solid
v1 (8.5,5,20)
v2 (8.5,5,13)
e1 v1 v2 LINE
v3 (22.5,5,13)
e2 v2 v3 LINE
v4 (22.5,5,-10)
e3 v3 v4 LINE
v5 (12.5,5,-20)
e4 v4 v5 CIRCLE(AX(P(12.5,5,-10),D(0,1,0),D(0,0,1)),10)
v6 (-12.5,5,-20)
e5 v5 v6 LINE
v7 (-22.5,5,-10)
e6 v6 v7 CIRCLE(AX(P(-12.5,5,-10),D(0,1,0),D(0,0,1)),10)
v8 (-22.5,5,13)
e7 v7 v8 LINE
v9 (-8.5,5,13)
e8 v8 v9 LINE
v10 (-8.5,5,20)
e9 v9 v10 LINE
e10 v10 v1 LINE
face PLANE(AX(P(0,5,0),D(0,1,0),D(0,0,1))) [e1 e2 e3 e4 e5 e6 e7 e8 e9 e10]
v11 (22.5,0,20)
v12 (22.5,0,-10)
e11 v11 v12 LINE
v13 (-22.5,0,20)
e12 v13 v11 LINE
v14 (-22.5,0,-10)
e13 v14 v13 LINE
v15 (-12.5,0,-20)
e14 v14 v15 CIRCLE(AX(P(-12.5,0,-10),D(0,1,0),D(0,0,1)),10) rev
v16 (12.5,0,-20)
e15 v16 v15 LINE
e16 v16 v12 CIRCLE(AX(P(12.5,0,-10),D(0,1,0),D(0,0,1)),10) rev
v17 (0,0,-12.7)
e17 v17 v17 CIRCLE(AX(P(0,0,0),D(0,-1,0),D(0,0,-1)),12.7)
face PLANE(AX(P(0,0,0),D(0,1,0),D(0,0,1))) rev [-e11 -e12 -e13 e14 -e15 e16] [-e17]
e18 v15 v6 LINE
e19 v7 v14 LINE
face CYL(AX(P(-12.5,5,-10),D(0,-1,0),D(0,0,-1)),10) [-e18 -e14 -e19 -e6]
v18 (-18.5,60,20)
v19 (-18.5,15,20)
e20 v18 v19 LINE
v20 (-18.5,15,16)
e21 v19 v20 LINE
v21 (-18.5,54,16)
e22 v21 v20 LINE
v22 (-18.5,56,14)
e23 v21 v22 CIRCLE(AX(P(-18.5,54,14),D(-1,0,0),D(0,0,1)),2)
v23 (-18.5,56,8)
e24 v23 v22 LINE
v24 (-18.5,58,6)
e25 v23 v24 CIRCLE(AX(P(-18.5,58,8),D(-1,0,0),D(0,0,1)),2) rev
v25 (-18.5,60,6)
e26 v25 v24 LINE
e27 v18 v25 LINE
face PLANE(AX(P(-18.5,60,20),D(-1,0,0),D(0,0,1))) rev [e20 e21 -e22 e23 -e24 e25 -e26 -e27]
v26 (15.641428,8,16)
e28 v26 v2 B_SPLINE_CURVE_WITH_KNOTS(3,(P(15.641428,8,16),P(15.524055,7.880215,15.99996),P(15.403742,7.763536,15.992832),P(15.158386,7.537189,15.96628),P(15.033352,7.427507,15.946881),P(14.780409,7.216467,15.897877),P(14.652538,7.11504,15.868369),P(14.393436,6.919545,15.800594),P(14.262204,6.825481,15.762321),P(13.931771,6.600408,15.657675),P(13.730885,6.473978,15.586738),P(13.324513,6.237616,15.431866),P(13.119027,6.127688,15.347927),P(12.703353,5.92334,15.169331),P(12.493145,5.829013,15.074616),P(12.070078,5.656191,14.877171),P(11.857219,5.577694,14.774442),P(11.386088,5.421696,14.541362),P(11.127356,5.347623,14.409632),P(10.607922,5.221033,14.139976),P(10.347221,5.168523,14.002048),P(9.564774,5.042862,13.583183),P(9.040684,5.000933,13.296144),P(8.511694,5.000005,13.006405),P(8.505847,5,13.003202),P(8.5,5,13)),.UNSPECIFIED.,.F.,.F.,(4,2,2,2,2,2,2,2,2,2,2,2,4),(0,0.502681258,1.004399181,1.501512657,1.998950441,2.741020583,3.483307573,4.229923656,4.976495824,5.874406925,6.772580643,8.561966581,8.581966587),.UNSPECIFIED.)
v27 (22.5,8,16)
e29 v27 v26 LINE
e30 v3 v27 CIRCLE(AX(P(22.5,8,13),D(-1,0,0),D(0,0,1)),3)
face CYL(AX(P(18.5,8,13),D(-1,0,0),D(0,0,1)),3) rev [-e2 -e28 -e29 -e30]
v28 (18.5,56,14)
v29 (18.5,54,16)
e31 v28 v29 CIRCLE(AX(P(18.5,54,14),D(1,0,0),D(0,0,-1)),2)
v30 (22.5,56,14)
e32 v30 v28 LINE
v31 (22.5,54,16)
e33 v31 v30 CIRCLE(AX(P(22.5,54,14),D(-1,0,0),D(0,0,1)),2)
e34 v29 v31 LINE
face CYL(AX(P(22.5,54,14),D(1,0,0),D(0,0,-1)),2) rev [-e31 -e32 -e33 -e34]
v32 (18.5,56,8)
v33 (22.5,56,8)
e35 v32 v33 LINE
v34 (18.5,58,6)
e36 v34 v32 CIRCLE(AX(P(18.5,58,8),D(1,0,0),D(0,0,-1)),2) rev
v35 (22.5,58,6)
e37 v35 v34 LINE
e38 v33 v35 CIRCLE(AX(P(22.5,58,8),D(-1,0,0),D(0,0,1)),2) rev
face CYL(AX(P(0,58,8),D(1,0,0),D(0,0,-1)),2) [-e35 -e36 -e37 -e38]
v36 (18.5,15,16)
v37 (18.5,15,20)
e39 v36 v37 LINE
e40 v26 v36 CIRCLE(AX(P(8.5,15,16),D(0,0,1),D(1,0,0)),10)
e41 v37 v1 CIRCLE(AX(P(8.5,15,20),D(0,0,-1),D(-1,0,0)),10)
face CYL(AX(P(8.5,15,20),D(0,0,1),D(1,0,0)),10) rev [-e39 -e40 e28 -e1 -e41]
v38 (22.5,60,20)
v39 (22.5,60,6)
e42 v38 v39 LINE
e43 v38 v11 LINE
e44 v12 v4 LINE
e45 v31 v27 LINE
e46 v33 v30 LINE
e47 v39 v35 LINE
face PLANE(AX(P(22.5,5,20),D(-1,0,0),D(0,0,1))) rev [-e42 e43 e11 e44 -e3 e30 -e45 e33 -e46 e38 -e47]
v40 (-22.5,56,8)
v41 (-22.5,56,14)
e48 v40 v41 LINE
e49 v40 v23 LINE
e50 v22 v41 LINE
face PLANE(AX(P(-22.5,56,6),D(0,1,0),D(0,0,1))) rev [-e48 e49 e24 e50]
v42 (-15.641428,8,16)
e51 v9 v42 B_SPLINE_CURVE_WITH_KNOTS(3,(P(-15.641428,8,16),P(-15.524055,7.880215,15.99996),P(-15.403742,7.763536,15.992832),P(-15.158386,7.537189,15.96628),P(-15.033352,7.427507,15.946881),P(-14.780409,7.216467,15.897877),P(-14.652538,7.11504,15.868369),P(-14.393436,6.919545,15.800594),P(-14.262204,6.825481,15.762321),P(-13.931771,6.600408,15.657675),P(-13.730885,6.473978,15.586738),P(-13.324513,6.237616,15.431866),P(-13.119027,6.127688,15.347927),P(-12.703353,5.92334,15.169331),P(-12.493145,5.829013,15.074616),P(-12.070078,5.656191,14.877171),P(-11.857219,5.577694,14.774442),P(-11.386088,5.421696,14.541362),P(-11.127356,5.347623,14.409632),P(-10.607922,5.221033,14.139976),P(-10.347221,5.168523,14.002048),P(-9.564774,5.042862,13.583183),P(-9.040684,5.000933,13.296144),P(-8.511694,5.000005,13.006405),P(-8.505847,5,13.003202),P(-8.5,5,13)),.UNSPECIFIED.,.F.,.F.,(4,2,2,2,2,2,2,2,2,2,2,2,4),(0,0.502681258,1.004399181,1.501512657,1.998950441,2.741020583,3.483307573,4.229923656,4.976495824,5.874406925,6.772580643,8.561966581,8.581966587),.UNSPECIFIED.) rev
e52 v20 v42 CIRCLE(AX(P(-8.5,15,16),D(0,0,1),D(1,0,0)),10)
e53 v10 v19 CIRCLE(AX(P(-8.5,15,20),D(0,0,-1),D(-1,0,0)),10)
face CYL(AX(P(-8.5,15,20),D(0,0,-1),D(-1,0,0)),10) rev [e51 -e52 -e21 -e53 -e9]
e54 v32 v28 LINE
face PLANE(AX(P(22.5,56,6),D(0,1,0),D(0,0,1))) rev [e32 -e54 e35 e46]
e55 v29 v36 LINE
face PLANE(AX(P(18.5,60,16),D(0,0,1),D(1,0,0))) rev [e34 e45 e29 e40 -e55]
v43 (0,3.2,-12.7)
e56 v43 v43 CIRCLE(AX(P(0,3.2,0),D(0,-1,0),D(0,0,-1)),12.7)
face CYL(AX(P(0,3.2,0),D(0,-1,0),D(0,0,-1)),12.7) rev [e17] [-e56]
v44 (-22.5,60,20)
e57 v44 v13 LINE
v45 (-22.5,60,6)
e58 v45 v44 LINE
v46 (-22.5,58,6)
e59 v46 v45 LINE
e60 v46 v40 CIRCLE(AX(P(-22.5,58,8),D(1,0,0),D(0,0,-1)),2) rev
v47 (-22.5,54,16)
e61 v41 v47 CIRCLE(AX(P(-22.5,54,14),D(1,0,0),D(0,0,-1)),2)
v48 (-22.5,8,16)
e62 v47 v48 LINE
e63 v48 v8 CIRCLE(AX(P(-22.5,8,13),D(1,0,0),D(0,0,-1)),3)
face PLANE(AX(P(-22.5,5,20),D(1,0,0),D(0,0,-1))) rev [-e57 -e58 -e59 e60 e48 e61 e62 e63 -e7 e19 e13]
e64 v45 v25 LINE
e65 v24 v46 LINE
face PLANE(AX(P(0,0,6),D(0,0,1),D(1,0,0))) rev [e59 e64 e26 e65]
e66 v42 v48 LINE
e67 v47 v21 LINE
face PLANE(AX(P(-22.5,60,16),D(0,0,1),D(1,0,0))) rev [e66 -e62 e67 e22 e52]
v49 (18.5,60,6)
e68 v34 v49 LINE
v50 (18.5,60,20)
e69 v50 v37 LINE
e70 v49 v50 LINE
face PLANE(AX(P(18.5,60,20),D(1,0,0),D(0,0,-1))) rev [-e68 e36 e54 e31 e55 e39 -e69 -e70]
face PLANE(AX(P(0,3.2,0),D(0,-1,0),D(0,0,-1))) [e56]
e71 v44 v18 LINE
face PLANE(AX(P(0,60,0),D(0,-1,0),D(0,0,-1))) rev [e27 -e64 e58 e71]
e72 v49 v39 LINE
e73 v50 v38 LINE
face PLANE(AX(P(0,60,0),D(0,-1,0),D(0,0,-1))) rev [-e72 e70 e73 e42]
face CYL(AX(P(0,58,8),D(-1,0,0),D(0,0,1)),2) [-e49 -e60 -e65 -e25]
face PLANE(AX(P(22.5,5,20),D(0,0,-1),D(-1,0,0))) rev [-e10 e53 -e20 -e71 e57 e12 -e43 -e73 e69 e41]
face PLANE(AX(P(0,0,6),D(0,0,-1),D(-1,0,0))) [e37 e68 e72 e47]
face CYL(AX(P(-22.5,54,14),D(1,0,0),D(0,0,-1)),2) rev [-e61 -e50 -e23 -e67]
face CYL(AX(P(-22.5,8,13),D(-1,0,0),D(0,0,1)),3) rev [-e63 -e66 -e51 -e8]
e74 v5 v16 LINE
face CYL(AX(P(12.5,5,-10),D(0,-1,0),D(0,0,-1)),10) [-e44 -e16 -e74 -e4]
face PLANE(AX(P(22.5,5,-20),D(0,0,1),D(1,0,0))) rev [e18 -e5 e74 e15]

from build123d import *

# Parameters (mm, degrees)
SKETCH1_W           = 45
SKETCH1_H           = 40
BOSS_EXTRUDE1_DEPTH = 5
SKETCH2_R           = 12.7
CUT_EXTRUDE1_DEPTH  = 3.2
SKETCH3_W           = 4
SKETCH3_H           = 4
BOSS_EXTRUDE2_DEPTH = 55
SKETCH4_W           = 4
SKETCH4_H           = 4
BOSS_EXTRUDE3_DEPTH = 10
FILLET1_R           = 10
FILLET2_R           = 2
FILLET3_R           = 3
FILLET4_R           = 10


with BuildPart() as part:
    # Sketch1 → Boss-Extrude1 (new body)
    with BuildSketch(Plane(origin=(0, 0, 0), x_dir=(1, 0, 0), z_dir=(0, 1, 0))):
        Rectangle(SKETCH1_W, SKETCH1_H)
    extrude(amount=BOSS_EXTRUDE1_DEPTH)

    # Sketch2 → Cut-Extrude1 (cut)
    with BuildSketch(Plane(origin=(0, 0, 0), x_dir=(-1, 0, 0), z_dir=(0, -1, 0))):
        with Locations(Location((0, 0, 0), (0, 0, 90))):
            Circle(SKETCH2_R)
    extrude(amount=-CUT_EXTRUDE1_DEPTH, mode=Mode.SUBTRACT)

    # Sketch3 → Boss-Extrude2 (add)
    with BuildSketch(Plane(origin=(0, 5, 0), x_dir=(1, 0, 0), z_dir=(0, 1, 0))):
        with Locations((-20.5, -18)):
            Rectangle(SKETCH3_W, SKETCH3_H)
        with Locations((20.5, -18)):
            Rectangle(SKETCH3_W, SKETCH3_H)
    extrude(amount=BOSS_EXTRUDE2_DEPTH)

    # Sketch4 → Boss-Extrude3 (add)
    with BuildSketch(Plane(origin=(0, 0, 16), x_dir=(-1, 0, 0), z_dir=(0, 0, -1))):
        with Locations((20.5, 58)):
            Rectangle(SKETCH4_W, SKETCH4_H)
        with Locations((-20.5, 58)):
            Rectangle(SKETCH4_W, SKETCH4_H)
    extrude(amount=BOSS_EXTRUDE3_DEPTH)

    # Fillet1
    fillet1_edges = [part.edges().sort_by_distance(p)[0] for p in [
        (-18.5, 5, 18),
        (18.5, 5, 18),
    ]]
    fillet(fillet1_edges, radius=FILLET1_R)

    # Fillet2
    fillet2_edges = [part.edges().sort_by_distance(p)[0] for p in [
        (-20.5, 56, 16),
        (-20.5, 56, 6),
        (20.5, 56, 16),
        (20.5, 56, 6),
    ]]
    fillet(fillet2_edges, radius=FILLET2_R)

    # Fillet3
    fillet3_edges = [part.edges().sort_by_distance(p)[0] for p in [
        (-15.5, 5, 16),
        (15.5, 5, 16),
    ]]
    fillet(fillet3_edges, radius=FILLET3_R)

    # Fillet4
    fillet4_edges = [part.edges().sort_by_distance(p)[0] for p in [
        (-22.5, 2.5, -20),
        (22.5, 2.5, -20),
    ]]
    fillet(fillet4_edges, radius=FILLET4_R)


solid = part.part
